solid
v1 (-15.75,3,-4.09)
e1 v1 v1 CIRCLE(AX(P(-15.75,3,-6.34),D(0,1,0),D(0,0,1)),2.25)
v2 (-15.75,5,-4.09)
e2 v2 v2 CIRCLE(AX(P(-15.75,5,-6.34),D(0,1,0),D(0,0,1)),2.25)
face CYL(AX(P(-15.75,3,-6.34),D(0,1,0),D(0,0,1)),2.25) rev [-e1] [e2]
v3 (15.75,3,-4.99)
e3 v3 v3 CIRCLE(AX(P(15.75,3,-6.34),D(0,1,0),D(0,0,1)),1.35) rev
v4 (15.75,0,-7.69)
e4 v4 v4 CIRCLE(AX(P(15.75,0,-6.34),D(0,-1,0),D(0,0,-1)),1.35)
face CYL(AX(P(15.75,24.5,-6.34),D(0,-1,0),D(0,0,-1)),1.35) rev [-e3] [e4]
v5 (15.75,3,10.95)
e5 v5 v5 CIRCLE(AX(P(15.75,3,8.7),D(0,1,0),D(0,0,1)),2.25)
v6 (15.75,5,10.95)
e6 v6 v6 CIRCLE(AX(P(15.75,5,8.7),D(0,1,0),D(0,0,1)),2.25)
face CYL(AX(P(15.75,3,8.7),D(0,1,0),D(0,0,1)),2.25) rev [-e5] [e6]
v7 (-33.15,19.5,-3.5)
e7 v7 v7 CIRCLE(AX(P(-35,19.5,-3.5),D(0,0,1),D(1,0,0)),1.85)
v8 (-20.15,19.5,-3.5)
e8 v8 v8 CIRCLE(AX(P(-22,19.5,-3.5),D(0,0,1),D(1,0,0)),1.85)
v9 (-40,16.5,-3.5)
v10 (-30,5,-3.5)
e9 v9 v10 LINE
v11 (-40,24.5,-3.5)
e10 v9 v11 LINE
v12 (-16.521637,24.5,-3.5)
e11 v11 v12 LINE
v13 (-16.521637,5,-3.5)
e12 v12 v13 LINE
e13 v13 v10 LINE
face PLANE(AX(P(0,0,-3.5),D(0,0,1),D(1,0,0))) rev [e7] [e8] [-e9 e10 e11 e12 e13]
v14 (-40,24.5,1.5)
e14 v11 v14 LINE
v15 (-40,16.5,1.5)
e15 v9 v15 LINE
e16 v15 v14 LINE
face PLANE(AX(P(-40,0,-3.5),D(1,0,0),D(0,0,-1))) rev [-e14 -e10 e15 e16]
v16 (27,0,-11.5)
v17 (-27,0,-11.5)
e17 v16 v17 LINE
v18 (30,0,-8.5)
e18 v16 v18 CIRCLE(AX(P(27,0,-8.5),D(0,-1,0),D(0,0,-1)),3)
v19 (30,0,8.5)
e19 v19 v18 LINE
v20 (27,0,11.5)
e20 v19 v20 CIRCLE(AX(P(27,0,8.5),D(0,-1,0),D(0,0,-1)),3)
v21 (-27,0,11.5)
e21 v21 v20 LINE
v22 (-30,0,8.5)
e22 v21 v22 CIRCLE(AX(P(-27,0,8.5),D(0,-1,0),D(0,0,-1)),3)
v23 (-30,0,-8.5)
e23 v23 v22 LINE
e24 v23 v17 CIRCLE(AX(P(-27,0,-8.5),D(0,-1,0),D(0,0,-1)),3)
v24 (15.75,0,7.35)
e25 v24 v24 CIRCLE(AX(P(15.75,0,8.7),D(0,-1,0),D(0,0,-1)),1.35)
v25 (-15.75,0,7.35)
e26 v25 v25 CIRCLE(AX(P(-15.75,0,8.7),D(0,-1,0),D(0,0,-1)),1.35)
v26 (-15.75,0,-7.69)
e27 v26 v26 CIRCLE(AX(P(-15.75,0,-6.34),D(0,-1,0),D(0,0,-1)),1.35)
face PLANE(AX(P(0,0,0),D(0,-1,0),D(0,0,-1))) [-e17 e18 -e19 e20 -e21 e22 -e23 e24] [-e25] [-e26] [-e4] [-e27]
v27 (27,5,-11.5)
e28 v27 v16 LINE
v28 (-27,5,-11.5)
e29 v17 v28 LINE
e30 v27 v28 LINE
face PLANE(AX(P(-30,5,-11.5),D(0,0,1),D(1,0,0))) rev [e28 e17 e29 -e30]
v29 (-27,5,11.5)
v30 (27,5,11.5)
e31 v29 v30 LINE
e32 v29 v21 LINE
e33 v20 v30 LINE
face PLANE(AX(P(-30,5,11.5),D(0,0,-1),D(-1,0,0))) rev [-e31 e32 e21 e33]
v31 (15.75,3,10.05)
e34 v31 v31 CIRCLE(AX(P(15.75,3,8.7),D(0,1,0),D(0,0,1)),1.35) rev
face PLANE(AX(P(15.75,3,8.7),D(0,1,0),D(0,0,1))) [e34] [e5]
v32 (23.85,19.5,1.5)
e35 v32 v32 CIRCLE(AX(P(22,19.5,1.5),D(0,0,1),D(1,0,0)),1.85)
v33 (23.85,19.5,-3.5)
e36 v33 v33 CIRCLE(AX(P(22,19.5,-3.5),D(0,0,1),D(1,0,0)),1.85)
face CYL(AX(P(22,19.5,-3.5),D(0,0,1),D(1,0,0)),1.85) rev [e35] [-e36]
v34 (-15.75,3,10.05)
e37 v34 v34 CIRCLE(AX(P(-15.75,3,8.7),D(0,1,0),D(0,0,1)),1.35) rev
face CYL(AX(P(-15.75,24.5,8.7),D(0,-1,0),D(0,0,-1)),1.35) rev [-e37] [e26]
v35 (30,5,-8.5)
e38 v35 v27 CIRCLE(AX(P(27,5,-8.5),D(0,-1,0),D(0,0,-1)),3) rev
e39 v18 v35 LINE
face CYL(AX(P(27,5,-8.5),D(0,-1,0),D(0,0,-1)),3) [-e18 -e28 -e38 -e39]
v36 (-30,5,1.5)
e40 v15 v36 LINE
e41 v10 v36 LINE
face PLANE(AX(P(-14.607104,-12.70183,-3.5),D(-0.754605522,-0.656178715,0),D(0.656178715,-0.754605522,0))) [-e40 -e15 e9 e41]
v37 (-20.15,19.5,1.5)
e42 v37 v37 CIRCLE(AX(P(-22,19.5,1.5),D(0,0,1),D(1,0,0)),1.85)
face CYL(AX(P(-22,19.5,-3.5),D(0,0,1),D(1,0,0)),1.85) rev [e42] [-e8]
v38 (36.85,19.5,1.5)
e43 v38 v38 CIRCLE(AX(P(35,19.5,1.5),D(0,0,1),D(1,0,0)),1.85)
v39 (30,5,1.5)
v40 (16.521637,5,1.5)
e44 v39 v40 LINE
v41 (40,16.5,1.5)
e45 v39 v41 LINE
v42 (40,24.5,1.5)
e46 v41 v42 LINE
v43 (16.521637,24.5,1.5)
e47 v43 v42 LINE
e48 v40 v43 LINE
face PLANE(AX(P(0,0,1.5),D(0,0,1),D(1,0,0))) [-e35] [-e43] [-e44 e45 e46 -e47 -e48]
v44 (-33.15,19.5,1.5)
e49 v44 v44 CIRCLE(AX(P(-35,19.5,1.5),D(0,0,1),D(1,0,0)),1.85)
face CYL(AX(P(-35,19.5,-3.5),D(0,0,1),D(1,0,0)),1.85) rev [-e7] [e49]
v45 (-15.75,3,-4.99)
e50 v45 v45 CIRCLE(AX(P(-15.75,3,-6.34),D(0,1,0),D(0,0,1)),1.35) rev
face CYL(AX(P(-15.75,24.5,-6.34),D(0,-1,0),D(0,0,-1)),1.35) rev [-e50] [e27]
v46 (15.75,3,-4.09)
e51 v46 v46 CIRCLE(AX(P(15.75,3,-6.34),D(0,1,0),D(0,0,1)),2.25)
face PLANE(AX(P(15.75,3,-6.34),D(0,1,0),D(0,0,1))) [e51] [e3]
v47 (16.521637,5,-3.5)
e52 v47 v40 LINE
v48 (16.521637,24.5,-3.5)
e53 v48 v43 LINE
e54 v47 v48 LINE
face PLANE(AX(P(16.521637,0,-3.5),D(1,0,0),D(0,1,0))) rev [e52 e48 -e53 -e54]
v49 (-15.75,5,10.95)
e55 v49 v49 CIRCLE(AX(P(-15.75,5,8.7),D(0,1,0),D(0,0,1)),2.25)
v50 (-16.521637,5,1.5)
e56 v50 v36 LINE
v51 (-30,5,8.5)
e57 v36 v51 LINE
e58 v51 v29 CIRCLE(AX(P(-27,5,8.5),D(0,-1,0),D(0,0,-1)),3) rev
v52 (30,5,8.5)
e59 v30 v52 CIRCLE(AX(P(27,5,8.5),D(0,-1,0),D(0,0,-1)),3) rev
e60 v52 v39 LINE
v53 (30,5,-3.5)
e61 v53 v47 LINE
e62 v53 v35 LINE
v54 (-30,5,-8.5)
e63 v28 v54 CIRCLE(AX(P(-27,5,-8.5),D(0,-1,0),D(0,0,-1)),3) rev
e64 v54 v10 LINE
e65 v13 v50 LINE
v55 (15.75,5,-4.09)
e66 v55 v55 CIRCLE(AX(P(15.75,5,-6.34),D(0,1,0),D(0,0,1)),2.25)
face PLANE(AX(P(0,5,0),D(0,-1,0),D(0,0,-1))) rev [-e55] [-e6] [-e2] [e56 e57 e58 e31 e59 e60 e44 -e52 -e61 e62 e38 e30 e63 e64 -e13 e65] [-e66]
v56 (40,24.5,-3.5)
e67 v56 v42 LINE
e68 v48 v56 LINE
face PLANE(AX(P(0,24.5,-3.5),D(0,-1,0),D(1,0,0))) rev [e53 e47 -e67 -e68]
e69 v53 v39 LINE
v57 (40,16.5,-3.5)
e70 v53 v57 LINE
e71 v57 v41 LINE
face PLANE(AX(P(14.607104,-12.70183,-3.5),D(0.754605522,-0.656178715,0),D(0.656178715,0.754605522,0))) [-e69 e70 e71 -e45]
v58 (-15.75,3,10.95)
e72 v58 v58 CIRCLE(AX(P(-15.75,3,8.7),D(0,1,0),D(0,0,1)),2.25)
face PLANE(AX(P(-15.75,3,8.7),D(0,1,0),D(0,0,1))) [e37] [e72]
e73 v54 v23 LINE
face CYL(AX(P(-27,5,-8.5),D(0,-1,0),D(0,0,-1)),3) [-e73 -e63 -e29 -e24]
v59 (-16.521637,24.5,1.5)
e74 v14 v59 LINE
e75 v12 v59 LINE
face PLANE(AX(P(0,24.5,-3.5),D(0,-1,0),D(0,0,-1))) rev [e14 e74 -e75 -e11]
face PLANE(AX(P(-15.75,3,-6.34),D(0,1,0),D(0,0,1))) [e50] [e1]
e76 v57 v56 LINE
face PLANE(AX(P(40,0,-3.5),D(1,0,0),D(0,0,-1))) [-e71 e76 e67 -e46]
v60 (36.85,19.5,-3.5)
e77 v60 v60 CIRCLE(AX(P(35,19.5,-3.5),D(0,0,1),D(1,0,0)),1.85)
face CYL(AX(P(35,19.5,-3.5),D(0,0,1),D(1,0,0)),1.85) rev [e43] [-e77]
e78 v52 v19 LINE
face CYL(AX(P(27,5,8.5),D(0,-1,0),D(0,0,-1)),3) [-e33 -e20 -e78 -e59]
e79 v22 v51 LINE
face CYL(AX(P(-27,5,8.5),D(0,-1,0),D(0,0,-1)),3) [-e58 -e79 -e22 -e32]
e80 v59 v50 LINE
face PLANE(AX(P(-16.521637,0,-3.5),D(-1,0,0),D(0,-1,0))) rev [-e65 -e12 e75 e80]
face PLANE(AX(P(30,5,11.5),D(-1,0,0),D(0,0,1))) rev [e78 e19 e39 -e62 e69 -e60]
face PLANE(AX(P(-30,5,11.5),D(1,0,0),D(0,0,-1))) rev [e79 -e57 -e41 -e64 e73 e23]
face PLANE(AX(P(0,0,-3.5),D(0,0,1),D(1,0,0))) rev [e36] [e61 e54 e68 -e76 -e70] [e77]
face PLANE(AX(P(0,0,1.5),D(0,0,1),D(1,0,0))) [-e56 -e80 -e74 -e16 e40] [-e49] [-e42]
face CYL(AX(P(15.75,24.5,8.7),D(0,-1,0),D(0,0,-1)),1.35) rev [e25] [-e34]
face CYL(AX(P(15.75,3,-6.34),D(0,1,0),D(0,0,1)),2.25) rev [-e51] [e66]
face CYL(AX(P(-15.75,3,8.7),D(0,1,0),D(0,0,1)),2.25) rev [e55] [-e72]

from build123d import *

# Parameters (mm, degrees)
SKETCH1_W           = 60
SKETCH1_H           = 23
BOSS_EXTRUDE1_DEPTH = 5
BOSS_EXTRUDE2_START = -10
SKETCH2_R           = 1.85
BOSS_EXTRUDE2_DEPTH = 5
SKETCH3_R           = 1.35
CUT_EXTRUDE1_DEPTH  = 49.295962564
SKETCH4_R           = 2.25
CUT_EXTRUDE2_DEPTH  = 2
FILLET1_R           = 3


with BuildPart() as part:
    # Sketch1 → Boss-Extrude1 (new body)
    with BuildSketch(Plane(origin=(0, 0, 0), x_dir=(1, 0, 0), z_dir=(0, 1, 0))):
        Rectangle(SKETCH1_W, SKETCH1_H)
    extrude(amount=BOSS_EXTRUDE1_DEPTH)

    # Sketch2 → Boss-Extrude2 (add)
    # profile 1 of 2: a face of its own
    with BuildSketch(Plane.XY.offset(11.5).offset(BOSS_EXTRUDE2_START)):
        Polygon((-40, 24.5), (-40, 16.5), (-30, 5), (-16.521636852, 5), (-16.521636852, 24.5), align=None)
        with Locations((-35, 19.5)):
            Circle(SKETCH2_R, mode=Mode.SUBTRACT)
        with Locations((-22, 19.5)):
            Circle(SKETCH2_R, mode=Mode.SUBTRACT)
    # profile 2 of 2: a face of its own
    with BuildSketch(Plane.XY.offset(11.5).offset(BOSS_EXTRUDE2_START)):
        Polygon((16.521636852, 24.5), (16.521636852, 5), (30, 5), (40, 16.5), (40, 24.5), align=None)
        with Locations((22, 19.5)):
            Circle(SKETCH2_R, mode=Mode.SUBTRACT)
        with Locations((35, 19.5)):
            Circle(SKETCH2_R, mode=Mode.SUBTRACT)
    extrude(amount=-BOSS_EXTRUDE2_DEPTH)

    # Sketch3 → Cut-Extrude1 (cut, through all)
    with BuildSketch(Plane.XZ):
        with Locations((-15.75, 8.7)):
            Circle(SKETCH3_R)
        with Locations((15.75, 8.7)):
            Circle(SKETCH3_R)
        with Locations((15.75, -6.34)):
            Circle(SKETCH3_R)
        with Locations((-15.75, -6.34)):
            Circle(SKETCH3_R)
    extrude(amount=-CUT_EXTRUDE1_DEPTH, mode=Mode.SUBTRACT)

    # Sketch4 → Cut-Extrude2 (cut)
    with BuildSketch(Plane(origin=(0, 5, 0), x_dir=(1, 0, 0), z_dir=(0, 1, 0))):
        with Locations((-15.75, 6.34)):
            Circle(SKETCH4_R)
        with Locations((15.75, 6.34)):
            Circle(SKETCH4_R)
        with Locations((15.75, -8.7)):
            Circle(SKETCH4_R)
        with Locations((-15.75, -8.7)):
            Circle(SKETCH4_R)
    extrude(amount=-CUT_EXTRUDE2_DEPTH, mode=Mode.SUBTRACT)

    # Fillet1
    fillet1_edges = [part.edges().sort_by_distance(p)[0] for p in [
        (30, 2.5, -11.5),
        (-30, 2.5, -11.5),
        (-30, 2.5, 11.5),
        (30, 2.5, 11.5),
    ]]
    fillet(fillet1_edges, radius=FILLET1_R)


solid = part.part
